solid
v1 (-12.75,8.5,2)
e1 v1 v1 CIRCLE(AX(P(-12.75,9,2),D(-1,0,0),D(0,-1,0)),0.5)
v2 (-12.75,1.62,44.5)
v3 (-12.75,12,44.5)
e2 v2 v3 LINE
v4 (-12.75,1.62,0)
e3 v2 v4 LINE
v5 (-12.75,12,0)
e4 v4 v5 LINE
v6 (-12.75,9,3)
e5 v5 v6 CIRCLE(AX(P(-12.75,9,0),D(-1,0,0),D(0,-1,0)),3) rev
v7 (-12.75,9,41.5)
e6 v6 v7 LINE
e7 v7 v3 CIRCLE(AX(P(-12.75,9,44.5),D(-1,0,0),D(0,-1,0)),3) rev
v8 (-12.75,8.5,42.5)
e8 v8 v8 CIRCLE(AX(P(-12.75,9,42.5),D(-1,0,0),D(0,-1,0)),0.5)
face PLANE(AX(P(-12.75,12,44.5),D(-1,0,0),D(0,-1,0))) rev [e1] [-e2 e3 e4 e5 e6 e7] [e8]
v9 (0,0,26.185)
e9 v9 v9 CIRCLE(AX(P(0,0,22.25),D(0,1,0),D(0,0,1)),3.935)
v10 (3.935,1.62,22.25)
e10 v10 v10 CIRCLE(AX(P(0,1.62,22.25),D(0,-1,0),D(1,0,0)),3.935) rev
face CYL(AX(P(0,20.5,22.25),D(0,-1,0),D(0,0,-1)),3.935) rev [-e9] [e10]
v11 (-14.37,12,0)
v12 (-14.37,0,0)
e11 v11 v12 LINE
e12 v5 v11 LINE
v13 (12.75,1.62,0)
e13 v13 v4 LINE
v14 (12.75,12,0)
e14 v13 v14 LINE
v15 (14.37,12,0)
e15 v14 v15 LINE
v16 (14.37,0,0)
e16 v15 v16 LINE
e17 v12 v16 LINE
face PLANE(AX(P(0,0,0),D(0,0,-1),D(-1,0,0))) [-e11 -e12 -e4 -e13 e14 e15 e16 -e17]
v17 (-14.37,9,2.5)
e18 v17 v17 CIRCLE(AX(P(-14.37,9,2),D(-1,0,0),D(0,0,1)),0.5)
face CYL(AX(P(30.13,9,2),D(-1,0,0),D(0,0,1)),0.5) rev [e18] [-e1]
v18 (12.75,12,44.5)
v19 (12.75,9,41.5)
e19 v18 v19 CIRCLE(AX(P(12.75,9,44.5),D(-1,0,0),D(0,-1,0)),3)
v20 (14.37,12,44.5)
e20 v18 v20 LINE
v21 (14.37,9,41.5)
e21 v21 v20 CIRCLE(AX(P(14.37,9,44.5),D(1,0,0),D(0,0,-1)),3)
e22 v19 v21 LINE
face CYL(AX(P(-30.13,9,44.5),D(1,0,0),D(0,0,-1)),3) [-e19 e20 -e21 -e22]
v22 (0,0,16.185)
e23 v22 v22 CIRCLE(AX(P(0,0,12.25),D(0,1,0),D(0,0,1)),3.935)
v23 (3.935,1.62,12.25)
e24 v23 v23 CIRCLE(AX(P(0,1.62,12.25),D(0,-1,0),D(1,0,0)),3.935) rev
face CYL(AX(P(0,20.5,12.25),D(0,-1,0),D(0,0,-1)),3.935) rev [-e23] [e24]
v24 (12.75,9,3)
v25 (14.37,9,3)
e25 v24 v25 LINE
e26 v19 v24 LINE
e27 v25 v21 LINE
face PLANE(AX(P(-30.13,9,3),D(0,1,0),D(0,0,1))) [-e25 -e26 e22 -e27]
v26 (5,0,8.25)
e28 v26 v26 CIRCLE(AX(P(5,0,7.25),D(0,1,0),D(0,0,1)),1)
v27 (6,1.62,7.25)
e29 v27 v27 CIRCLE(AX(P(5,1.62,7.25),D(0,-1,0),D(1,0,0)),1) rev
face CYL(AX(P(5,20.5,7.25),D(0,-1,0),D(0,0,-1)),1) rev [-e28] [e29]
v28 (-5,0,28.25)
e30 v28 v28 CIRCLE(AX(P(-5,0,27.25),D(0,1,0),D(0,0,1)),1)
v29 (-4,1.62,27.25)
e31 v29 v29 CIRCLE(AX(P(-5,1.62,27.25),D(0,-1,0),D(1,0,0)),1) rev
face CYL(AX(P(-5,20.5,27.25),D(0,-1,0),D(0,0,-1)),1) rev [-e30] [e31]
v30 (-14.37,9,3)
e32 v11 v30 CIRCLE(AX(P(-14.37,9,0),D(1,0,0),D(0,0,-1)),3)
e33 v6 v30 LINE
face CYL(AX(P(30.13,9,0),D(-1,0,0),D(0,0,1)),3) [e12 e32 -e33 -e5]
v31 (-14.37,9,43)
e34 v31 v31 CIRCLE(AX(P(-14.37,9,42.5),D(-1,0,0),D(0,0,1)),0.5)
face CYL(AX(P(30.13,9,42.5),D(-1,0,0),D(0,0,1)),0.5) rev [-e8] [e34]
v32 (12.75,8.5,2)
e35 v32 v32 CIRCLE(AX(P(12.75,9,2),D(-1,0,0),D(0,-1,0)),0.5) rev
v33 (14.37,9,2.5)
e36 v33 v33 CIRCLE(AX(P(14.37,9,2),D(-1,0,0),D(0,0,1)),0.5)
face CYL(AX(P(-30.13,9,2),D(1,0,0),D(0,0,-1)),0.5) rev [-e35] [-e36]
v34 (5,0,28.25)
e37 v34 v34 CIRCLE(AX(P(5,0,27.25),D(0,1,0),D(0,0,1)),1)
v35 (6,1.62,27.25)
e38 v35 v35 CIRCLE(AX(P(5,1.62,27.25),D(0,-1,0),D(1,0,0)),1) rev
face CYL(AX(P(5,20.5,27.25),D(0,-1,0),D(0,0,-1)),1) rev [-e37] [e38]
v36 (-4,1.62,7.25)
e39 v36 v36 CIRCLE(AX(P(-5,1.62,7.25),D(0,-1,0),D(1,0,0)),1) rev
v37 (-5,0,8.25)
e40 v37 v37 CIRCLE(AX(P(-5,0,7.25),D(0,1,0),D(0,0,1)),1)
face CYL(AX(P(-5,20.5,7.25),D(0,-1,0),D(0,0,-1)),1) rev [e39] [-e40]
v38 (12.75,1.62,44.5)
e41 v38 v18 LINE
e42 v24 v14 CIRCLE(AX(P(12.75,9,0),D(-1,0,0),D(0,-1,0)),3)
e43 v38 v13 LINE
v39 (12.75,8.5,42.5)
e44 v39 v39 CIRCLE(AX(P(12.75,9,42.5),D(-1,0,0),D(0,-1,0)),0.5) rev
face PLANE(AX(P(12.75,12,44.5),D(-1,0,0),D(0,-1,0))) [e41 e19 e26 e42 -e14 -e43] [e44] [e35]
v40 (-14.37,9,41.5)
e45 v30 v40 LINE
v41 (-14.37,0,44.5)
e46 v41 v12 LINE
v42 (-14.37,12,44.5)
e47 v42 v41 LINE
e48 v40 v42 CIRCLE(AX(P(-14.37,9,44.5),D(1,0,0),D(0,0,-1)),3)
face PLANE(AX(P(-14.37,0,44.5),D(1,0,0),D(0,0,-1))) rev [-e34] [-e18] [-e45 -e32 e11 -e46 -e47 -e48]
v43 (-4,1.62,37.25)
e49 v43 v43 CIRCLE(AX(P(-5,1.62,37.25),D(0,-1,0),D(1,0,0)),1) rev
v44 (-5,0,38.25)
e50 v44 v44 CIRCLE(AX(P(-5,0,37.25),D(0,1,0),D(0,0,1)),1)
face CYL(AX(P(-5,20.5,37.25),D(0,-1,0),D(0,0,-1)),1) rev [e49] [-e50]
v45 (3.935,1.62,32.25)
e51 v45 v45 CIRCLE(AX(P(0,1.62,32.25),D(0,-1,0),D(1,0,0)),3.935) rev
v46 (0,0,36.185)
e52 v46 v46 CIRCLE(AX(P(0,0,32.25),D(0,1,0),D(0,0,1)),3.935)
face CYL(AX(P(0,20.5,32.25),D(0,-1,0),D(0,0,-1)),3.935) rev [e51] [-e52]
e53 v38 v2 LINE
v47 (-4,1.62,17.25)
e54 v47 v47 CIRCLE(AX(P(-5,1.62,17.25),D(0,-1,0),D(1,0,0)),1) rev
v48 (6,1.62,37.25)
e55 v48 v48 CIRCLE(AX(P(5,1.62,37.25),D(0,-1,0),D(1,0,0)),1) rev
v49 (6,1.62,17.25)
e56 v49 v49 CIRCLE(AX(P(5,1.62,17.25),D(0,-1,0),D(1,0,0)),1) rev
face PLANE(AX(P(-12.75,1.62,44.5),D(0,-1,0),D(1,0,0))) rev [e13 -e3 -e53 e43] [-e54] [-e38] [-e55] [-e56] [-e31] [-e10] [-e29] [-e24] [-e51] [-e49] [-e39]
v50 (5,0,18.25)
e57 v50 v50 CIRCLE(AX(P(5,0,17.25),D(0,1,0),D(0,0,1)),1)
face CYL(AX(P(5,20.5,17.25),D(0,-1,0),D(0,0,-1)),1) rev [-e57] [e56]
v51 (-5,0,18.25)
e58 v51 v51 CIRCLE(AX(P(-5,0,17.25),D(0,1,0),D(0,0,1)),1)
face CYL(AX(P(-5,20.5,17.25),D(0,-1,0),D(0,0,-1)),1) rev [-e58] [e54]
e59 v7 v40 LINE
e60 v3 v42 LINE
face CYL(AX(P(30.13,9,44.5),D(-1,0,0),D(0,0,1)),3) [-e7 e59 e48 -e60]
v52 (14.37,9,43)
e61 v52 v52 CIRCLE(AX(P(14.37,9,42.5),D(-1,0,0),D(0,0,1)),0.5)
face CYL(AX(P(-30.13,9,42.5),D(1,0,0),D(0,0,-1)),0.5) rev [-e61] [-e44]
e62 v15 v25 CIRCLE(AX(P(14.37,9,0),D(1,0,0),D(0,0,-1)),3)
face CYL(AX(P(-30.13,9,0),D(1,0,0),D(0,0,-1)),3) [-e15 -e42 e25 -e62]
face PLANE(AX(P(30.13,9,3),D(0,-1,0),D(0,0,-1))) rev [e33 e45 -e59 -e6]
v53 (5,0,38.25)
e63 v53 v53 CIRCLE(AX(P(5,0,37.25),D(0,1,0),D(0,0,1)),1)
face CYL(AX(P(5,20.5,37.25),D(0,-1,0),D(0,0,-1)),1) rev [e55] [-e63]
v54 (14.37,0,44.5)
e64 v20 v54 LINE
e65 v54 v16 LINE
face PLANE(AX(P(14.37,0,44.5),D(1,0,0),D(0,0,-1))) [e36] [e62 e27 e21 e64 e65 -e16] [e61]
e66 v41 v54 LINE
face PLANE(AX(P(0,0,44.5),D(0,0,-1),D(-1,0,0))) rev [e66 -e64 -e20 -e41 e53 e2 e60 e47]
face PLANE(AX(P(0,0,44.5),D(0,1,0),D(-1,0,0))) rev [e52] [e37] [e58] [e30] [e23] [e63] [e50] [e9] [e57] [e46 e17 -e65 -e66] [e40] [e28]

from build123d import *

# Parameters (mm, degrees)
BOSS_EXTRUDE1_DEPTH = 44.5
SKETCH2_R           = 0.5
CUT_EXTRUDE1_DEPTH  = 44.5
SKETCH3_R           = 3.935
SKETCH3_R_2         = 1
CUT_EXTRUDE2_DEPTH  = 20.5


with BuildPart() as part:
    # Sketch1 → Boss-Extrude1 (new body)
    with BuildSketch(Plane.XY):
        Polygon((0, 0), (-14.37, 0), (-14.37, 12), (-12.75, 12), (-12.75, 1.62), (0, 1.62), align=None)
    boss_extrude1 = extrude(amount=BOSS_EXTRUDE1_DEPTH)

    # Sketch2 → Cut-Extrude1 (cut)
    with BuildSketch(Plane.ZY.offset(14.37)):
        with Locations((2, 9)):
            Circle(SKETCH2_R)
        with Locations((42.5, 9)):
            Circle(SKETCH2_R)
        with BuildLine():
            Line((3, 9), (41.5, 9))
            ThreePointArc((41.5, 9), (42.378679656, 11.121320344), (44.5, 12))
            Line((44.5, 12), (44.5, 14.744822673))
            Line((44.5, 14.744822673), (0, 14.744822673))
            Line((0, 14.744822673), (0, 12))
            ThreePointArc((0, 12), (2.121320344, 11.121320344), (3, 9))
        make_face()
    cut_extrude1 = extrude(amount=-CUT_EXTRUDE1_DEPTH, mode=Mode.SUBTRACT)

    # Mirror1: Boss-Extrude1, Cut-Extrude1 across plane
    add(boss_extrude1.mirror(Plane(origin=(0, 1.62, 44.5), x_dir=(0, 0, 1), z_dir=(-1, 0, 0))))
    add(cut_extrude1.mirror(Plane(origin=(0, 1.62, 44.5), x_dir=(0, 0, 1), z_dir=(-1, 0, 0))), mode=Mode.SUBTRACT)

    # Sketch3 → Cut-Extrude2 (cut)
    with BuildSketch(Plane(origin=(0, 0, 0), x_dir=(1, 0, 0), z_dir=(0, 1, 0))):
        with Locations((0, -12.25)):
            Circle(SKETCH3_R)
        with Locations((-5, -7.25)):
            Circle(SKETCH3_R_2)
        with Locations((5, -7.25)):
            Circle(SKETCH3_R_2)
        with Locations((5, -17.25)):
            Circle(SKETCH3_R_2)
        with Locations((-5, -17.25)):
            Circle(SKETCH3_R_2)
        with Locations((0, -22.25)):
            Circle(SKETCH3_R)
        with Locations((-5, -27.25)):
            Circle(SKETCH3_R_2)
        with Locations((5, -27.25)):
            Circle(SKETCH3_R_2)
        with Locations((0, -32.25)):
            Circle(SKETCH3_R)
        with Locations((-5, -37.25)):
            Circle(SKETCH3_R_2)
        with Locations((5, -37.25)):
            Circle(SKETCH3_R_2)
    extrude(amount=CUT_EXTRUDE2_DEPTH, mode=Mode.SUBTRACT)


solid = part.part
